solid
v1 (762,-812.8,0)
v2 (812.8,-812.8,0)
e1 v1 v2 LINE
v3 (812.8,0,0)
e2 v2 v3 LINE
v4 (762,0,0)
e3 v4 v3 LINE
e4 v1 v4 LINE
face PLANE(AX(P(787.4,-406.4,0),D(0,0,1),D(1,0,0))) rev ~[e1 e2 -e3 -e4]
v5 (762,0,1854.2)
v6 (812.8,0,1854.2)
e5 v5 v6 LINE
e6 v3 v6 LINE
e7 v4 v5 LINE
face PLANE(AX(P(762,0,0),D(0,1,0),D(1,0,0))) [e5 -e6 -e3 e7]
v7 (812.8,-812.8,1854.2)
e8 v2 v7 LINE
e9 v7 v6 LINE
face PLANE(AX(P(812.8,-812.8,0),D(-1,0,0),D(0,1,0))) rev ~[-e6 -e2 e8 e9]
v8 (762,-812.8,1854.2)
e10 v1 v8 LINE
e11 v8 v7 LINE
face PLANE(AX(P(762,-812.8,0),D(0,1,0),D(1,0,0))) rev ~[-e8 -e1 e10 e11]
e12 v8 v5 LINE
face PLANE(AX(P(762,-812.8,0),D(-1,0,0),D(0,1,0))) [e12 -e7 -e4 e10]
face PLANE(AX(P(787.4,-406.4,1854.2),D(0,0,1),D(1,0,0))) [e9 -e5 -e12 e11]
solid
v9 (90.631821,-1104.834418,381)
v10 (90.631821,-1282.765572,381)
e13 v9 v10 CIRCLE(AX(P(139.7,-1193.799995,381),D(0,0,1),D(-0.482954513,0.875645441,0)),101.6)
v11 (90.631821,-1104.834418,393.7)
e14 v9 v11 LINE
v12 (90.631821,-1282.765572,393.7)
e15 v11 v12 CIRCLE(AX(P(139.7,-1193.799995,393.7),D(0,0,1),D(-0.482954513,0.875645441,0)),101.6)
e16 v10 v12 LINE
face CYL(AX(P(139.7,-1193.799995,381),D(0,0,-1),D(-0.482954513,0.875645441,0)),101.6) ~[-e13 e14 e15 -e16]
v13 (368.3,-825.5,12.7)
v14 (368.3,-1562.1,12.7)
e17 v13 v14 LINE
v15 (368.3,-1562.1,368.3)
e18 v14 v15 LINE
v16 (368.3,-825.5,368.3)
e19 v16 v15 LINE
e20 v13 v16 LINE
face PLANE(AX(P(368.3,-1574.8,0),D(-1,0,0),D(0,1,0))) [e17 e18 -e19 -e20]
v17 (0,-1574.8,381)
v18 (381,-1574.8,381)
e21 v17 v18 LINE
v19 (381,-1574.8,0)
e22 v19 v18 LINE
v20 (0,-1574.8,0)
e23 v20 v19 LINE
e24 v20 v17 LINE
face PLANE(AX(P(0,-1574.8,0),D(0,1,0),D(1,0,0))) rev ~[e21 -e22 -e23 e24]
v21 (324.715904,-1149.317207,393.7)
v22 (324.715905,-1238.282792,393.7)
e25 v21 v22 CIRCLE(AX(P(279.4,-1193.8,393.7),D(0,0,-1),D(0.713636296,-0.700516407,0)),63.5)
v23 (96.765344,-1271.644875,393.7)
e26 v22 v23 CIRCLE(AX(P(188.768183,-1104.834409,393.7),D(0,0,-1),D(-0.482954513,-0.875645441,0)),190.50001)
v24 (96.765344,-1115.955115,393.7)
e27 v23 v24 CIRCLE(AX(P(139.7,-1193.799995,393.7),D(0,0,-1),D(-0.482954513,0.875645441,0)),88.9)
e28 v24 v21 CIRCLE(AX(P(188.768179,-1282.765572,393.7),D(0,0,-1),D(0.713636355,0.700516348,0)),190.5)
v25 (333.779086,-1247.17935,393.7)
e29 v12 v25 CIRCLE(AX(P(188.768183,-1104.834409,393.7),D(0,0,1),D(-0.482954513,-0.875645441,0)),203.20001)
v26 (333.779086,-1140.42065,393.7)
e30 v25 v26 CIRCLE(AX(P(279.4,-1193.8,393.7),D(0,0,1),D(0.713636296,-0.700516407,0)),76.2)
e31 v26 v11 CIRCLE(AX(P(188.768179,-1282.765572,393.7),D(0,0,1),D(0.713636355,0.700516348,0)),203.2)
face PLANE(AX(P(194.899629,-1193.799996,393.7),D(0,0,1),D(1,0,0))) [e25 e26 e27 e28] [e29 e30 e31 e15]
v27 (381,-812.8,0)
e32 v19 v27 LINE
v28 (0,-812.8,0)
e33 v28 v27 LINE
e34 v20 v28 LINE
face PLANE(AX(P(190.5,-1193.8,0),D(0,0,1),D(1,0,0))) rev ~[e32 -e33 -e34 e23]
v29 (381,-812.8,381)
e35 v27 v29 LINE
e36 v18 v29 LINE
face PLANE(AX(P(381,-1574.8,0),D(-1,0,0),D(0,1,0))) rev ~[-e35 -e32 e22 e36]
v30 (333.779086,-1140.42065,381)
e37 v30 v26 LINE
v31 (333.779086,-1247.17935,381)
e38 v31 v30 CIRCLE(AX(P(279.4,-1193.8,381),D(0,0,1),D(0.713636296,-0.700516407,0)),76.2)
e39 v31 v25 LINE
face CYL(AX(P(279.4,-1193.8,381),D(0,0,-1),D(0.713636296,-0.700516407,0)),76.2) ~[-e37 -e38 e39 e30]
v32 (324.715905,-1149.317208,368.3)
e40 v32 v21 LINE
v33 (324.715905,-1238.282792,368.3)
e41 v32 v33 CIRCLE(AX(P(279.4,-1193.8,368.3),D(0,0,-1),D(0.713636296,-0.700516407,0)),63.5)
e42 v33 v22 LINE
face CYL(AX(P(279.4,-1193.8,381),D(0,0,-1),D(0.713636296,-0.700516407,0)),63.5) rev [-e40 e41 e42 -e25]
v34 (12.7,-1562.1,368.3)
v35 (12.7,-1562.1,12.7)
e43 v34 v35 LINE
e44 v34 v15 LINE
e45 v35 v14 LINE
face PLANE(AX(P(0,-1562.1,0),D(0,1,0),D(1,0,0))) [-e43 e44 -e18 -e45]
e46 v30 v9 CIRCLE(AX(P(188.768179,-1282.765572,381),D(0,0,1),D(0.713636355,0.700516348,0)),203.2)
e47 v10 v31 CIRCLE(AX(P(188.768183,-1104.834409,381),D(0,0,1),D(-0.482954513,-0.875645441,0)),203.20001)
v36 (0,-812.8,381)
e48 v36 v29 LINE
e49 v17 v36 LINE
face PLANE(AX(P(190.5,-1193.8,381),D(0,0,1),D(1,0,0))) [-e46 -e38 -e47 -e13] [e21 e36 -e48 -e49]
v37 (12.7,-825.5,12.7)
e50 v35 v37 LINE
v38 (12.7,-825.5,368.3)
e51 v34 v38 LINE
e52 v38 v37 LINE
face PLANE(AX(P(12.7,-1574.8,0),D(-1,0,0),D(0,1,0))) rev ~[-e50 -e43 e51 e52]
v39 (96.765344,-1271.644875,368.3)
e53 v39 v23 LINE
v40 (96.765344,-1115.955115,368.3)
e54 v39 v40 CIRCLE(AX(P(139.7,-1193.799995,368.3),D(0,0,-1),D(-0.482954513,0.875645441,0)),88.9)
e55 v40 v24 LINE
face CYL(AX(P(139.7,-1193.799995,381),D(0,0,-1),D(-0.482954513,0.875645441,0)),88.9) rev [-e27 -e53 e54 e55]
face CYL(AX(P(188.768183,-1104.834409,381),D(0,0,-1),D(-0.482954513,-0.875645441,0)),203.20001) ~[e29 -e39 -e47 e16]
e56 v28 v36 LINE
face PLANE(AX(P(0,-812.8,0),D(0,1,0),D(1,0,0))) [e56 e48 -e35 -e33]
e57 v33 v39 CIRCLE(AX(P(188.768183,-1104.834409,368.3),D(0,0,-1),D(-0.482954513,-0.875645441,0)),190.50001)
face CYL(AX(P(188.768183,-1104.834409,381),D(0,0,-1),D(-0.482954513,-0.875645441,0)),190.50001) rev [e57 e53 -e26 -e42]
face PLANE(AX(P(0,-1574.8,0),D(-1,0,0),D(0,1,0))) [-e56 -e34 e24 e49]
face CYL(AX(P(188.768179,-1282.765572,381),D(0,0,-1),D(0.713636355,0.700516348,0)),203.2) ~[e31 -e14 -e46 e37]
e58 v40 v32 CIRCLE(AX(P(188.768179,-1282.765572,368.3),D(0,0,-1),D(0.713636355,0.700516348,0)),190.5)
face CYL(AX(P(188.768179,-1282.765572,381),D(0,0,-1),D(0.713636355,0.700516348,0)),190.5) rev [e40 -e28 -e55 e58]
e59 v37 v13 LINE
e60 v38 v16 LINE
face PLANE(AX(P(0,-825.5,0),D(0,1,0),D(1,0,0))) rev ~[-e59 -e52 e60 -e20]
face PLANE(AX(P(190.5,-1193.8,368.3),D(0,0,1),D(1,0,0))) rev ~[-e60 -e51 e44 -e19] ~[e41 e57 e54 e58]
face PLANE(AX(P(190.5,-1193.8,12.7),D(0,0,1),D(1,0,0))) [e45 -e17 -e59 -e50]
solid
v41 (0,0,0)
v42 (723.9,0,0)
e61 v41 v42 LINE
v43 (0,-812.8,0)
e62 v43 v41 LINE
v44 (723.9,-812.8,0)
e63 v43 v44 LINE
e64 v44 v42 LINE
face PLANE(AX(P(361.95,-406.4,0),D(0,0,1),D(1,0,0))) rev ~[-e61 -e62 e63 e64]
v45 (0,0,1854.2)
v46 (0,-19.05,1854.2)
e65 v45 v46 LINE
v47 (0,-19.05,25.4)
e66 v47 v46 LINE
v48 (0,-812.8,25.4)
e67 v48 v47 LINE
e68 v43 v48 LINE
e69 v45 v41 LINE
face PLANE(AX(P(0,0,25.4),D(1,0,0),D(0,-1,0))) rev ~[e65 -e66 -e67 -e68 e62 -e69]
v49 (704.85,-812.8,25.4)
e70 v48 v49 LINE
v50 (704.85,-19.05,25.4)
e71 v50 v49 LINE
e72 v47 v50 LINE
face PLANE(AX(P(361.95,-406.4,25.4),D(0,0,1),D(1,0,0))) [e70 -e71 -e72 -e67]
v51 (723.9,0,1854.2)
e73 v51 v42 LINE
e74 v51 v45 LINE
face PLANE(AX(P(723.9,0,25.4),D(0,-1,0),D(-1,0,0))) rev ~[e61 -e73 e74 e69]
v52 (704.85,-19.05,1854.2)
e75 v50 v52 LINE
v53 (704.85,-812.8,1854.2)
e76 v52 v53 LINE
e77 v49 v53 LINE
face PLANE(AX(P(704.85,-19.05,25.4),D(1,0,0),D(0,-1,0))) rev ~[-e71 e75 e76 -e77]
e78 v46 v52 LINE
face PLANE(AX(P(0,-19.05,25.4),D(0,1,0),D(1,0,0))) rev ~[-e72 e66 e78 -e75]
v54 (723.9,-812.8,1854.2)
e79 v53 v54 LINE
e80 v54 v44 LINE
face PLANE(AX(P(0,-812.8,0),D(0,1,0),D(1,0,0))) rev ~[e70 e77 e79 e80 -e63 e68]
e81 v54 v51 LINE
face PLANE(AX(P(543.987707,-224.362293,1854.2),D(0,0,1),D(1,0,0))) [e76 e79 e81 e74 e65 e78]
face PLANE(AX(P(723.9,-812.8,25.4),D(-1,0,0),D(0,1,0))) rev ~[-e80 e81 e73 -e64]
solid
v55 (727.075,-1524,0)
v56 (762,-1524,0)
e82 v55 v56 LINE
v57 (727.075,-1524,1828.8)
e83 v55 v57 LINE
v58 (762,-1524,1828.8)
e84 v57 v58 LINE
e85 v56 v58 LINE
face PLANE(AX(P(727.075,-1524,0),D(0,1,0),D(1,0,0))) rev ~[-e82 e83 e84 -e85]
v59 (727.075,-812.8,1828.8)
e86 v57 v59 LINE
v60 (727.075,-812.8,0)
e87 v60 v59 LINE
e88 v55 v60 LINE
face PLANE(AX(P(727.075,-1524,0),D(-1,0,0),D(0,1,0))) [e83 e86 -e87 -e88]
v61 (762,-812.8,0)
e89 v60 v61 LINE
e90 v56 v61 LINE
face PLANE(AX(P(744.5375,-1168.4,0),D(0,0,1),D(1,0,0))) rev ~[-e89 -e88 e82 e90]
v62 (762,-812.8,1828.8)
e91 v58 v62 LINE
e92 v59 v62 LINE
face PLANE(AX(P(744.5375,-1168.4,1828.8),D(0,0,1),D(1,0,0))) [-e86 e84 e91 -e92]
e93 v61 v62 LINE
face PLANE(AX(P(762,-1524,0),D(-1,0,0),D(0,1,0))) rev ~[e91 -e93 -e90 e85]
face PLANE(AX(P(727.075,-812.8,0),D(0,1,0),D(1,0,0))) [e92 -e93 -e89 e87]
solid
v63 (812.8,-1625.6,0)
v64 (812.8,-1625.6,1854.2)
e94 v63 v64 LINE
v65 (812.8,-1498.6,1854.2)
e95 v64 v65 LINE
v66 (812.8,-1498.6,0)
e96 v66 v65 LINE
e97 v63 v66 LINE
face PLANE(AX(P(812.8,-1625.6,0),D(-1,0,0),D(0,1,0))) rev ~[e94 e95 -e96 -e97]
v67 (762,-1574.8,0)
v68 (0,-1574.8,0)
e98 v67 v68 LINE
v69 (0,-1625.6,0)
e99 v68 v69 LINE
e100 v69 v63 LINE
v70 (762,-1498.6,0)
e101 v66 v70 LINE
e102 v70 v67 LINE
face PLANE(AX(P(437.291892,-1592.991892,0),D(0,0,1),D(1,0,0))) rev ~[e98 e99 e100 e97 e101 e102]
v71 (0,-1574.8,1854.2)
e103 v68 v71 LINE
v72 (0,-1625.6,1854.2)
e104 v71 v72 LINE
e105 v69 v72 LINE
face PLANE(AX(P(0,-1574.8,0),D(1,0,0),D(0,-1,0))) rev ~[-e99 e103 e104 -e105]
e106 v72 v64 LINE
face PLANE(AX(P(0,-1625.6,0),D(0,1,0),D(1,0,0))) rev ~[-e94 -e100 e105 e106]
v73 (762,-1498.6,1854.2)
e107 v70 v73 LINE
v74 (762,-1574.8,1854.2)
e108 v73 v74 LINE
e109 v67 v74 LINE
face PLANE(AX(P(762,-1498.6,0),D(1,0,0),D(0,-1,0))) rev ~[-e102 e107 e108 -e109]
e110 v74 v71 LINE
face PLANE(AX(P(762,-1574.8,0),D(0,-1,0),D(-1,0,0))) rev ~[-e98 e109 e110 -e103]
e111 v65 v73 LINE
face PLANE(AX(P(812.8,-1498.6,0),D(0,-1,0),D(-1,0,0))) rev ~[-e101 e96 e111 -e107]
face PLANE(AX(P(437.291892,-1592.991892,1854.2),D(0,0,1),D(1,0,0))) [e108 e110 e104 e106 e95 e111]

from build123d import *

# Parameters (mm, degrees)
F1_W      = 50.8
F1_H      = 812.8
F2_DEPTH  = 1854.2
F3_W      = 723.9
F3_H      = 812.8
F4_DEPTH  = 25.4
F5_W      = 381
F5_H      = 762
F6_DEPTH  = 381
F8_DEPTH  = 1854.2
F10_DEPTH = 1828.8
F11_W     = 34.925
F11_H     = 711.2
F12_DEPTH = 1828.8
F14_DEPTH = 12.7
F15_T     = -12.7


with BuildPart() as f2:
    # F1 (on Top) → F2 (new body)
    with BuildSketch(Plane.XY):
        with Locations((787.4, -406.4)):
            Rectangle(F1_W, F1_H)
    extrude(amount=F2_DEPTH)


with BuildPart() as f4:
    # F3 (on Top) → F4 (new body)
    with BuildSketch(Plane.XY):
        with Locations((361.95, -406.4)):
            Rectangle(F3_W, F3_H)
    extrude(amount=F4_DEPTH)

    # F9 (on face) → F10 (join, through all)
    with BuildSketch(Plane.XY.offset(25.4)):
        Polygon((0, 0), (0, -19.05), (704.85, -19.05), (704.85, -812.8), (723.9, -812.8), (723.9, 0), align=None)
    extrude(amount=F10_DEPTH)


with BuildPart() as f6:
    # F5 (on Top) → F6 (new body)
    with BuildSketch(Plane.XY):
        with Locations((190.5, -1193.8)):
            Rectangle(F5_W, F5_H)
    extrude(amount=F6_DEPTH)

    # F13 (on face) → F14 (join)
    with BuildSketch(Plane.XY.offset(381)):
        with BuildLine():
            ThreePointArc((333.7790857735, -1247.179350225), (355.6, -1193.8), (333.7790857735, -1140.420649775))
            ThreePointArc((333.7790857735, -1140.420649775), (218.1943715609, -1081.7075223967), (90.6318214739, -1104.8344180263))
            ThreePointArc((90.6318214739, -1104.8344180263), (38.1, -1193.7999948306), (90.6318214739, -1282.7655716349))
            ThreePointArc((90.6318214739, -1282.7655716349), (218.1943694086, -1305.8924696167), (333.7790857735, -1247.179350225))
        make_face()
    extrude(amount=F14_DEPTH)

    # F15
    f15_openings = [f6.faces().sort_by_distance(p)[0] for p in [
        (193.526876, -1193.799996, 393.7),
    ]]
    offset(amount=F15_T, openings=f15_openings, kind=Kind.INTERSECTION)


with BuildPart() as f8:
    # F7 (on Top) → F8 (new body, through all)
    with BuildSketch(Plane.XY):
        Polygon((762, -1574.8), (0, -1574.8), (0, -1625.6), (812.8, -1625.6), (812.8, -1498.6), (762, -1498.6), align=None)
    extrude(amount=F8_DEPTH)


with BuildPart() as f12:
    # F11 (on Top) → F12 (new body)
    with BuildSketch(Plane.XY):
        with Locations((744.5375, -1168.4)):
            Rectangle(F11_W, F11_H)
    extrude(amount=F12_DEPTH)


solid = Compound([f2.part, f4.part, f6.part, f8.part, f12.part])
